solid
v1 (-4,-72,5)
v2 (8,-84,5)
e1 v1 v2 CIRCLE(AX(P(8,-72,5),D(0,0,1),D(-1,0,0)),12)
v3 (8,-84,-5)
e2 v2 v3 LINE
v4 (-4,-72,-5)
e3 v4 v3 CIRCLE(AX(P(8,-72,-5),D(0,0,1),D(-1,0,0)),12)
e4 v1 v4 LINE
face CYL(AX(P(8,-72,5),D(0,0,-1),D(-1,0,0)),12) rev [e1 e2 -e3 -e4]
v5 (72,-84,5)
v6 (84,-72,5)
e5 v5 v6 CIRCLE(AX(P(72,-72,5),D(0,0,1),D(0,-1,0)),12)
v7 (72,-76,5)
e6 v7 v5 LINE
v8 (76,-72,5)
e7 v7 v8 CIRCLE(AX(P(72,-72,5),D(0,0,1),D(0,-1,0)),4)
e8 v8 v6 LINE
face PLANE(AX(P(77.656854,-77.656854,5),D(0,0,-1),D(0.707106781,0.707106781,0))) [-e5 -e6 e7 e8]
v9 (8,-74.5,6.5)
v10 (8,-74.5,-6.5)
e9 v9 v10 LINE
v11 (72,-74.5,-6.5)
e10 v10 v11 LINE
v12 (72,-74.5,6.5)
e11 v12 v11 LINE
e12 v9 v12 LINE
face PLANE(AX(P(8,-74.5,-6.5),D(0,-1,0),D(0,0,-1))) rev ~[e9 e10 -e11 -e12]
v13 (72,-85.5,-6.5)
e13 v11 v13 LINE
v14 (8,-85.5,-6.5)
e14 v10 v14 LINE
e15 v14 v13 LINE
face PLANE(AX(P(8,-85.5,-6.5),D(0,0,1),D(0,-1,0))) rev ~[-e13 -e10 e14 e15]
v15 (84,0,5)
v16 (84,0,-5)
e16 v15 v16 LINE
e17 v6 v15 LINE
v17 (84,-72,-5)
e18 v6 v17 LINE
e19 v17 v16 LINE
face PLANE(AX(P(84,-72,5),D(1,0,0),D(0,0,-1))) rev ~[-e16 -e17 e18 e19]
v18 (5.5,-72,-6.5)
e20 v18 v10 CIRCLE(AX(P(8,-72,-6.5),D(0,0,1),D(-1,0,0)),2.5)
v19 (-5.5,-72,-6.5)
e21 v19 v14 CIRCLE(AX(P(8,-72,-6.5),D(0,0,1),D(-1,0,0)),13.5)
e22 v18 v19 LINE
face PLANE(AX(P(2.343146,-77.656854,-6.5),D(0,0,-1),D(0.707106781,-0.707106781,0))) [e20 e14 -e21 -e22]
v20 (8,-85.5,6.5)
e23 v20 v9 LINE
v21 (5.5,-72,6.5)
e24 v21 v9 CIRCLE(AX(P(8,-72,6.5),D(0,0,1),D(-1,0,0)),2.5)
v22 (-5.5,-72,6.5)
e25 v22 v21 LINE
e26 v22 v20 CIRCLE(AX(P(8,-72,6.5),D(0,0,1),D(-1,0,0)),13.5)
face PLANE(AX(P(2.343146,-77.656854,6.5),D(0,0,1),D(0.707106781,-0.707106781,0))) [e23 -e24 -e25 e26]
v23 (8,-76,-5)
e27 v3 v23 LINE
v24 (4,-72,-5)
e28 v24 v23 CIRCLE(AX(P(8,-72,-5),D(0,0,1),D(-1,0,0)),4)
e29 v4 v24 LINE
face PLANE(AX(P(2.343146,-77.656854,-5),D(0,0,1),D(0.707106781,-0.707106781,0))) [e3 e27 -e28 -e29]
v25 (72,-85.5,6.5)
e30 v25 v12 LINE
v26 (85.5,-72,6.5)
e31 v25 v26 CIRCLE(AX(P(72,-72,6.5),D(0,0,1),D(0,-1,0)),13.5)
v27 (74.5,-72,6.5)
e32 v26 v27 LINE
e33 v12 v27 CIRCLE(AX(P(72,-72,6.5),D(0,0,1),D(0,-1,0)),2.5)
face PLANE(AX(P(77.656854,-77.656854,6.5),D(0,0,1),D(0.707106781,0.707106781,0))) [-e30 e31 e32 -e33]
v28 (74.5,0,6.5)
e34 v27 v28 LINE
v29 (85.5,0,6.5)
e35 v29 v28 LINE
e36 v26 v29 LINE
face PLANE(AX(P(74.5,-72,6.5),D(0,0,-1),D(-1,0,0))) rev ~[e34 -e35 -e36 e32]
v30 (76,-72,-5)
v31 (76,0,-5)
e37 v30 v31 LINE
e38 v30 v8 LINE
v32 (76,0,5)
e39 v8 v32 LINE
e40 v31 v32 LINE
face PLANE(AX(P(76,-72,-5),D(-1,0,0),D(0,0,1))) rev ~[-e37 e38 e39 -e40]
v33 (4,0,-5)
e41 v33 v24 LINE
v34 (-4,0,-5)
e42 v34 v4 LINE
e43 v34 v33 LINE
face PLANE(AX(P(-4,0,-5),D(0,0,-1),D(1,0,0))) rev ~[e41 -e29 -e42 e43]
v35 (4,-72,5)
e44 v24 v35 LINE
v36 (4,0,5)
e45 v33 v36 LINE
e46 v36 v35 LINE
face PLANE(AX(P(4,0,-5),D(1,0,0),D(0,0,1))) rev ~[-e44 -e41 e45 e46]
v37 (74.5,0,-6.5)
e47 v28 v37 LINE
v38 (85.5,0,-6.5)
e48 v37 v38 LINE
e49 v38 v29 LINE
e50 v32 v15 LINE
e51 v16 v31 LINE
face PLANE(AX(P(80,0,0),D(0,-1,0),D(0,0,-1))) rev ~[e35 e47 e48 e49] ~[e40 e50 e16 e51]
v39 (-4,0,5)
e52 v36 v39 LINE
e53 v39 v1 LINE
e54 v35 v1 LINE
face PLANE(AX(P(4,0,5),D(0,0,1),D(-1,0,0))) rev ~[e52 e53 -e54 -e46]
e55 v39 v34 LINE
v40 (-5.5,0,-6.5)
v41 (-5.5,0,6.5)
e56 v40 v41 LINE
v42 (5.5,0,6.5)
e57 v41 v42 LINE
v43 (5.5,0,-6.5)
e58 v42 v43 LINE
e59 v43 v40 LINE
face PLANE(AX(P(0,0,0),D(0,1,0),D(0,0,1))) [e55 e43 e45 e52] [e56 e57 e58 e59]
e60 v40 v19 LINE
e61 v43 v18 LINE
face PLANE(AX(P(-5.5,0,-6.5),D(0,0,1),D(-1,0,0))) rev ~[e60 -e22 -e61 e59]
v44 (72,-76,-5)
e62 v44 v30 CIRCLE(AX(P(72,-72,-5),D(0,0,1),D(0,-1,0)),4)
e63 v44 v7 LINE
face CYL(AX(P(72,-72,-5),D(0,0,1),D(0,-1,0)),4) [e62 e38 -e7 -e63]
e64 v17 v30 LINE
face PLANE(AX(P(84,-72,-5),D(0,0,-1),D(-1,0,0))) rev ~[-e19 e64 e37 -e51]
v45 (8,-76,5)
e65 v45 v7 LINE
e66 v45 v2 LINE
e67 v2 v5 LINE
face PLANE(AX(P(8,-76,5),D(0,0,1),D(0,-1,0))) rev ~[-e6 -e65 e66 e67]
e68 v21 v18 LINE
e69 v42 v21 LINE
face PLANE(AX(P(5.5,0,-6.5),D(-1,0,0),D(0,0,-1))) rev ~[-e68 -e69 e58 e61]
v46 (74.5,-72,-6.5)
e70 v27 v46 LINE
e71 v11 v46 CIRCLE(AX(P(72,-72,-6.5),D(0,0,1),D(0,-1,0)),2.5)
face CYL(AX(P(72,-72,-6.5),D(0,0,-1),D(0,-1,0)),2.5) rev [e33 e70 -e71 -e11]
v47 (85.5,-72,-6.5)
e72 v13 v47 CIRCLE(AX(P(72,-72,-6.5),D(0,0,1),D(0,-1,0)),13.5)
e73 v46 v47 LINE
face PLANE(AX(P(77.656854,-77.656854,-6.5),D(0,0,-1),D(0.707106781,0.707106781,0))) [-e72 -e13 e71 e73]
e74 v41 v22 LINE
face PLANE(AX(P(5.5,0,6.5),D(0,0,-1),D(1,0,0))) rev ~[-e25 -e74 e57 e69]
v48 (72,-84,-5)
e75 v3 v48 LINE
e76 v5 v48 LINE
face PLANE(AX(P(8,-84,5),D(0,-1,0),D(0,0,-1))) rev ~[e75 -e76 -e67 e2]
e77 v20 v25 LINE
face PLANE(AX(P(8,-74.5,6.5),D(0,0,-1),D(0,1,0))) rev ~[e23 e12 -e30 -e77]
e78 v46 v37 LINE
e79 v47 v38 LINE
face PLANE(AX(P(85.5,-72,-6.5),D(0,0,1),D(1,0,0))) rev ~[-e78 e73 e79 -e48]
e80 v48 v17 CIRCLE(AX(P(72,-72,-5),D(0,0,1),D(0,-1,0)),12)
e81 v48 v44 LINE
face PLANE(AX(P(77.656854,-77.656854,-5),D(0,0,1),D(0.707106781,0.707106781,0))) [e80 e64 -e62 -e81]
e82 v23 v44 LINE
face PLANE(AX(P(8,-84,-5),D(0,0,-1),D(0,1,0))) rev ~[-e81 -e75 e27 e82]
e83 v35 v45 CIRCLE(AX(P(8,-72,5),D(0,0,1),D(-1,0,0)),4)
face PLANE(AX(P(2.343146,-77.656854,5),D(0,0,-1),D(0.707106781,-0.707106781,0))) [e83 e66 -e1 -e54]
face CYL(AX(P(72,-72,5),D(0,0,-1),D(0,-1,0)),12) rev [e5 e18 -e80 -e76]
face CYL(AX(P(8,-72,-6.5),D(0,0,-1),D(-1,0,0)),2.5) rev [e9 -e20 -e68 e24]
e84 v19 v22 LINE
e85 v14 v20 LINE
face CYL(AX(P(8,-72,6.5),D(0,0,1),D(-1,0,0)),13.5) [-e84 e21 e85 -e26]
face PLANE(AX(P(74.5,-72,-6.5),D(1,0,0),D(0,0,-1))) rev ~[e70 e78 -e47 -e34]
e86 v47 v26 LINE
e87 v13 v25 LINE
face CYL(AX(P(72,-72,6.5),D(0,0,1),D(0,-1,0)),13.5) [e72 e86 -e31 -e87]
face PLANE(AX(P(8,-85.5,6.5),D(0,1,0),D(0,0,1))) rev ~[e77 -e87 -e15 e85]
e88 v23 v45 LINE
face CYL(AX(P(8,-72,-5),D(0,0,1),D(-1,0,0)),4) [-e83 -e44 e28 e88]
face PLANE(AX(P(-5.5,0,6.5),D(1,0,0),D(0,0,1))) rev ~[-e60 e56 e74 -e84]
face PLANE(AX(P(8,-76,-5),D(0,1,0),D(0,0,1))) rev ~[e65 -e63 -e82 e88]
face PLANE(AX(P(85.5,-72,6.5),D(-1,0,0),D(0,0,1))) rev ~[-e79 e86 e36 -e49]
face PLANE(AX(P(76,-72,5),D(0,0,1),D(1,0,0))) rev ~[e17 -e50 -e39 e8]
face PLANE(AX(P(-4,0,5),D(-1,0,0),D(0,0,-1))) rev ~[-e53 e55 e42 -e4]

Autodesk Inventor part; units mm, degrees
ref_plane "YZ Plane" through (0, 0, 0) normal (1, 0, 0) x (0, 1, 0)
ref_plane "XZ Plane" through (0, 0, 0) normal (0, 1, 0) x (-1, 0, 0)
ref_plane "XY Plane" through (0, 0, 0) normal (0, 0, 1) x (1, 0, 0)
sketch "Sketch3" plane through (0, 0, 0) normal (0, 0, 1) x (1, 0, 0)
  line L0 (0, 0) -> (0, -72)
  line L1 (8, -80) -> (72, -80)
  line L2 (80, -72) -> (80, 0)
  arc A0 (0, -72) -> (8, -80) centre (8, -72) ccw
  arc A1 (72, -80) -> (80, -72) centre (72, -72) ccw
  point P0 (0, -80)
  point P1 (80, -80)
  dimension "d0" = 80
  dimension "d1" = 80
  dimension "d2" = 8
sketch "Sketch4" plane through (0, 0, 0) normal (0, 1, 0) x (-1, 0, 0)
  line L0 (4, -5) -> (-4, -5)
  line L1 (-4, -5) -> (-4, 5)
  line L2 (-4, 5) -> (4, 5)
  line L3 (4, 5) -> (4, -5)
  line L4 (4, -5) -> (-4, 5) construction
  line L5 (-4, -5) -> (4, 5) construction
  line L6 (5.5, -6.5) -> (-5.5, -6.5)
  line L7 (-5.5, -6.5) -> (-5.5, 6.5)
  line L8 (-5.5, 6.5) -> (5.5, 6.5)
  line L9 (5.5, 6.5) -> (5.5, -6.5)
  point P0 (0, 0)
  dimension "d3" = 8
  dimension "d4" = 10
  dimension "d5" = 1.5
sweep "Sweep1" add profiles "Sketch4" path "Sketch3"
